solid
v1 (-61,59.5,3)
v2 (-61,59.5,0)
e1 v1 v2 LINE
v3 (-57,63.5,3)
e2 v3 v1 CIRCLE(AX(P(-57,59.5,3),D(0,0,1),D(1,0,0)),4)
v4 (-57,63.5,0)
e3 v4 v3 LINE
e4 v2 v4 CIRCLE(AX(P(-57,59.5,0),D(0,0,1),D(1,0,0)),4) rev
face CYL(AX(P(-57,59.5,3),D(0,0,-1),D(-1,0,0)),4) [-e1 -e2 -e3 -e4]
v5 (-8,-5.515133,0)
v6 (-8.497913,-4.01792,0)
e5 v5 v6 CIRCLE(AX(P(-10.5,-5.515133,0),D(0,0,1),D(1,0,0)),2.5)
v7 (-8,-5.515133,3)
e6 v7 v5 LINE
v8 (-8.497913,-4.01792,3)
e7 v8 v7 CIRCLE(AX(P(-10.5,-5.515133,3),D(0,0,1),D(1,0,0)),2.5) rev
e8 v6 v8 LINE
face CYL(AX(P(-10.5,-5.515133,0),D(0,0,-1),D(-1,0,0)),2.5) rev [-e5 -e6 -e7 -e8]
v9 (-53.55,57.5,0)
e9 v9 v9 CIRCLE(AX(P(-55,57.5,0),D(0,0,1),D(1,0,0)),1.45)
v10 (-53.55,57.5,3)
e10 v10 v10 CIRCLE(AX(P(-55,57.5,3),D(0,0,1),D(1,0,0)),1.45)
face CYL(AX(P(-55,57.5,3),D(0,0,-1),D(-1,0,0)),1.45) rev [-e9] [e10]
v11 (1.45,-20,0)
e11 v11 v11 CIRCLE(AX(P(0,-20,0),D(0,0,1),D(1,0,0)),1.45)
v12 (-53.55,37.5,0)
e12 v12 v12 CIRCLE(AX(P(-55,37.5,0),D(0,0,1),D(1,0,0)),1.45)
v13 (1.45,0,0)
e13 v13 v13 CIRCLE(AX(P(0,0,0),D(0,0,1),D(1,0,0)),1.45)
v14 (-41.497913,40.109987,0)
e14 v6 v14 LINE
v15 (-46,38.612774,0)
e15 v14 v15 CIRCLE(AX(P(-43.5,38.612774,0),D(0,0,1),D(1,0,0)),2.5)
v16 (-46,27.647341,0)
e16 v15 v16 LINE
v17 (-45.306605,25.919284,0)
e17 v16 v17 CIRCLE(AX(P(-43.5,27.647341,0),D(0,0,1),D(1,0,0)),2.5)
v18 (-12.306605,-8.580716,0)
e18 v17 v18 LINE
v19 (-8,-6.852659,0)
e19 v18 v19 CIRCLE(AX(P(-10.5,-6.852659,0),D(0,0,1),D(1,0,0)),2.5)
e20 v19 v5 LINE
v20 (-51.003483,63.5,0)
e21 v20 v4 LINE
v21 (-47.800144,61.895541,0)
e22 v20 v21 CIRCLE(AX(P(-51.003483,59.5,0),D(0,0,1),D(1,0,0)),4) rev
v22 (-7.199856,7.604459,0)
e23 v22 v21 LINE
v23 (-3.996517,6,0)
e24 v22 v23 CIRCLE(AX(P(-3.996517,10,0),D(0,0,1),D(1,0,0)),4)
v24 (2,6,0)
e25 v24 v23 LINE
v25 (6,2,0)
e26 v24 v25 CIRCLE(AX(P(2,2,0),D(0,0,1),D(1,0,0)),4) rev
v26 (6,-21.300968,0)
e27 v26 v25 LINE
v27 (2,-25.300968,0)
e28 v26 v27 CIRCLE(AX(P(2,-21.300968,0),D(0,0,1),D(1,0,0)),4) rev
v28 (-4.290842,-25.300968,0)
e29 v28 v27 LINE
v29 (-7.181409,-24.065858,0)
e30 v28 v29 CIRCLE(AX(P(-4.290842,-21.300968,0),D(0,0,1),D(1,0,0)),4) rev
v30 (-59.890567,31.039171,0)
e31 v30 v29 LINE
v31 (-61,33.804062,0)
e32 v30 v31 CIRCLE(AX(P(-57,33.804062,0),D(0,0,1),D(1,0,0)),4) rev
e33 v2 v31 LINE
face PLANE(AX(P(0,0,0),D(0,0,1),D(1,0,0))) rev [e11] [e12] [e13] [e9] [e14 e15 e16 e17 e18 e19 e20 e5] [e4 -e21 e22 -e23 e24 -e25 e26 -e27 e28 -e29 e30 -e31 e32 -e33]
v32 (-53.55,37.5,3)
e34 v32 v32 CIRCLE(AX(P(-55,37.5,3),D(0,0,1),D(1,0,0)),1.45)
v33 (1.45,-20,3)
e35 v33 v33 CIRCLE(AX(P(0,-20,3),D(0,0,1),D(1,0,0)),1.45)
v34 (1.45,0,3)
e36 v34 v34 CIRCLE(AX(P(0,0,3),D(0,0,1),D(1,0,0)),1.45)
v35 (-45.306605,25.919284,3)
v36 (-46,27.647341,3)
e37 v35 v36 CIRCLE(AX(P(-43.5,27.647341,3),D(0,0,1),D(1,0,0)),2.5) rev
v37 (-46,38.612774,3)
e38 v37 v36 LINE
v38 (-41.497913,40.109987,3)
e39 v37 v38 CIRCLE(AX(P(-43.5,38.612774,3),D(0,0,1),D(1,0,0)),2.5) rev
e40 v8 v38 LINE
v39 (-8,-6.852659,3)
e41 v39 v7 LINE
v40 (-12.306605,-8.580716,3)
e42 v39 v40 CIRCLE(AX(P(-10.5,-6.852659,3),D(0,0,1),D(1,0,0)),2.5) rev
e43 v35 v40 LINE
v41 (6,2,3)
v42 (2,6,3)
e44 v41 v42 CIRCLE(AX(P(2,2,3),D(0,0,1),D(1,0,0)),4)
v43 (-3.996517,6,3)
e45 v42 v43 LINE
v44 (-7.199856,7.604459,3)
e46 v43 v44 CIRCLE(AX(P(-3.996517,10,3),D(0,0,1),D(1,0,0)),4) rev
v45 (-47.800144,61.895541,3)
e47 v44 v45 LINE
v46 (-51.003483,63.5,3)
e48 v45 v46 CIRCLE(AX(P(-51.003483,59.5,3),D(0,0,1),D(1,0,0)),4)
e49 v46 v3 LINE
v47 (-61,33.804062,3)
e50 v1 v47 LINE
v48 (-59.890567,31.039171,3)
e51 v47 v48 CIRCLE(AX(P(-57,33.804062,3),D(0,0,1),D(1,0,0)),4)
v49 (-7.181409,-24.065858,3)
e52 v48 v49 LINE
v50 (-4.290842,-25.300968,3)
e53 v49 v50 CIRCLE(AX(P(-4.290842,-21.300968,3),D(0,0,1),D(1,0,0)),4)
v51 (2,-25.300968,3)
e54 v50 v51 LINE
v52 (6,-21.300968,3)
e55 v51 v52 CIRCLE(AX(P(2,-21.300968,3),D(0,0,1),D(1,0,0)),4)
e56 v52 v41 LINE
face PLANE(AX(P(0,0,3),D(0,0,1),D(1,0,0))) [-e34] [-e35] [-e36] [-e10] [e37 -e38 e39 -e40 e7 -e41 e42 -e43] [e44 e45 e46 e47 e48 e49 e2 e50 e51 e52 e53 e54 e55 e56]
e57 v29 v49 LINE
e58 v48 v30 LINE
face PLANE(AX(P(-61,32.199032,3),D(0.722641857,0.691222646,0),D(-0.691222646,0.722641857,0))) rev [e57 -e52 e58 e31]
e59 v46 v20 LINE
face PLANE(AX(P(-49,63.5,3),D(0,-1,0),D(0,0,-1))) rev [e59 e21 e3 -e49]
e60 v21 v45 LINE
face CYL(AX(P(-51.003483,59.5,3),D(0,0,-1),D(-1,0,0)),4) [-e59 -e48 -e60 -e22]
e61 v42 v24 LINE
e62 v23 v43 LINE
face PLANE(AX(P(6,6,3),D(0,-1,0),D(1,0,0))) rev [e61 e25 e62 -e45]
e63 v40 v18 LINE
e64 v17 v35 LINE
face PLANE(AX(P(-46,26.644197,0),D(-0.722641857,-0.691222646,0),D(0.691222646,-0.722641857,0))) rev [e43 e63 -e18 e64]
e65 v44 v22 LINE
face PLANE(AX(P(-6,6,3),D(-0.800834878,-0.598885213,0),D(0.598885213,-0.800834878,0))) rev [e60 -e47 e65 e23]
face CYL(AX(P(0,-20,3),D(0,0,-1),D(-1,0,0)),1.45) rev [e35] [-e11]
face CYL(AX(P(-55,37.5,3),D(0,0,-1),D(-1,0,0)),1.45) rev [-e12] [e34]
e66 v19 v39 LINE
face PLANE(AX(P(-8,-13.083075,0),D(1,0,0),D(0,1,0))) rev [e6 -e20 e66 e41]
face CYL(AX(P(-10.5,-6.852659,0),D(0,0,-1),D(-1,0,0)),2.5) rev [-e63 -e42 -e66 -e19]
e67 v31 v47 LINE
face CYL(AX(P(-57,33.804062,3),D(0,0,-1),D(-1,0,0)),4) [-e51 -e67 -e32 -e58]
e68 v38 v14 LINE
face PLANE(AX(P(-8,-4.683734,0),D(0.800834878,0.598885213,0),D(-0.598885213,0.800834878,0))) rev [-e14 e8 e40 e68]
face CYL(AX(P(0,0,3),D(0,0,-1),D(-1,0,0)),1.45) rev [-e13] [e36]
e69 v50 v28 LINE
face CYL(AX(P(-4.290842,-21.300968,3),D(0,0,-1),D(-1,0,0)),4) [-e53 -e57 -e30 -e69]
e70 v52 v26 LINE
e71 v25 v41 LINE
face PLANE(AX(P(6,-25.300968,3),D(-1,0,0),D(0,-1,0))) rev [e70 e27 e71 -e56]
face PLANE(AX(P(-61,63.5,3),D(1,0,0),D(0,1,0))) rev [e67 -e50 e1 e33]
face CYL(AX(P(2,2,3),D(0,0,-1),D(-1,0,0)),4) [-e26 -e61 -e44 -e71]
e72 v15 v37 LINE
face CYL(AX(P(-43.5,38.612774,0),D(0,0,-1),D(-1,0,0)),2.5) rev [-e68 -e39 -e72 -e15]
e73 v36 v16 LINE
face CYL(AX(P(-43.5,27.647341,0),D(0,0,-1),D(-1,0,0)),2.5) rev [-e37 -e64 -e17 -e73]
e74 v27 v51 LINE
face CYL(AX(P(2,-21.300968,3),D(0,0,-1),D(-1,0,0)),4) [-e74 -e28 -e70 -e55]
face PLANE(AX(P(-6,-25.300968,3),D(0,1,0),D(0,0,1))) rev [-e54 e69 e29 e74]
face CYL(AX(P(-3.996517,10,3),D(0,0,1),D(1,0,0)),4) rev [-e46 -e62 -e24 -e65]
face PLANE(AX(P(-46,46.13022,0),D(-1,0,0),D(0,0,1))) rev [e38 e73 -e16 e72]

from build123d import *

# Parameters (mm, degrees)
SKETCH_1_R          = 1.45
EXTRUDE_1_DEPTH     = 3
CUT_EXTRUDE_1_DEPTH = 3
FILLET_1_R          = 4
FILLET_2_R          = 2.5


with BuildPart() as part:
    # 草图1 → 凸台-拉伸1 (new body)
    with BuildSketch(Plane.XY):
        Polygon((-49, 63.5), (-61, 63.5), (-61, 32.199032391), (-6, -25.300967609), (6, -25.300967609), (6, 6), (-6, 6), align=None)
        Circle(SKETCH_1_R, mode=Mode.SUBTRACT)
        with Locations((0, -20)):
            Circle(SKETCH_1_R, mode=Mode.SUBTRACT)
        with Locations((-55, 37.5)):
            Circle(SKETCH_1_R, mode=Mode.SUBTRACT)
        with Locations((-55, 57.5)):
            Circle(SKETCH_1_R, mode=Mode.SUBTRACT)
    extrude(amount=EXTRUDE_1_DEPTH)

    # 草图2 → 切除-拉伸1 (cut)
    with BuildSketch(Plane.XY.offset(3)):
        Polygon((-46, 46.130219602), (-46, 26.644197231), (-8, -13.083075497), (-8, -4.683733886), align=None)
    extrude(amount=-CUT_EXTRUDE_1_DEPTH, mode=Mode.SUBTRACT)

    # 圆角1
    fillet_1_edges = [part.edges().sort_by_distance(p)[0] for p in [
        (-6, 6, 1.5),
        (6, 6, 1.5),
        (6, -25.300967609, 1.5),
        (-6, -25.300967609, 1.5),
        (-61, 32.199032391, 1.5),
        (-61, 63.5, 1.5),
        (-49, 63.5, 1.5),
    ]]
    fillet(fillet_1_edges, radius=FILLET_1_R)

    # 圆角2
    fillet_2_edges = [part.edges().sort_by_distance(p)[0] for p in [
        (-46, 46.130219602, 1.5),
        (-8, -4.683733886, 1.5),
        (-8, -13.083075497, 1.5),
        (-46, 26.644197231, 1.5),
    ]]
    fillet(fillet_2_edges, radius=FILLET_2_R)


solid = part.part
